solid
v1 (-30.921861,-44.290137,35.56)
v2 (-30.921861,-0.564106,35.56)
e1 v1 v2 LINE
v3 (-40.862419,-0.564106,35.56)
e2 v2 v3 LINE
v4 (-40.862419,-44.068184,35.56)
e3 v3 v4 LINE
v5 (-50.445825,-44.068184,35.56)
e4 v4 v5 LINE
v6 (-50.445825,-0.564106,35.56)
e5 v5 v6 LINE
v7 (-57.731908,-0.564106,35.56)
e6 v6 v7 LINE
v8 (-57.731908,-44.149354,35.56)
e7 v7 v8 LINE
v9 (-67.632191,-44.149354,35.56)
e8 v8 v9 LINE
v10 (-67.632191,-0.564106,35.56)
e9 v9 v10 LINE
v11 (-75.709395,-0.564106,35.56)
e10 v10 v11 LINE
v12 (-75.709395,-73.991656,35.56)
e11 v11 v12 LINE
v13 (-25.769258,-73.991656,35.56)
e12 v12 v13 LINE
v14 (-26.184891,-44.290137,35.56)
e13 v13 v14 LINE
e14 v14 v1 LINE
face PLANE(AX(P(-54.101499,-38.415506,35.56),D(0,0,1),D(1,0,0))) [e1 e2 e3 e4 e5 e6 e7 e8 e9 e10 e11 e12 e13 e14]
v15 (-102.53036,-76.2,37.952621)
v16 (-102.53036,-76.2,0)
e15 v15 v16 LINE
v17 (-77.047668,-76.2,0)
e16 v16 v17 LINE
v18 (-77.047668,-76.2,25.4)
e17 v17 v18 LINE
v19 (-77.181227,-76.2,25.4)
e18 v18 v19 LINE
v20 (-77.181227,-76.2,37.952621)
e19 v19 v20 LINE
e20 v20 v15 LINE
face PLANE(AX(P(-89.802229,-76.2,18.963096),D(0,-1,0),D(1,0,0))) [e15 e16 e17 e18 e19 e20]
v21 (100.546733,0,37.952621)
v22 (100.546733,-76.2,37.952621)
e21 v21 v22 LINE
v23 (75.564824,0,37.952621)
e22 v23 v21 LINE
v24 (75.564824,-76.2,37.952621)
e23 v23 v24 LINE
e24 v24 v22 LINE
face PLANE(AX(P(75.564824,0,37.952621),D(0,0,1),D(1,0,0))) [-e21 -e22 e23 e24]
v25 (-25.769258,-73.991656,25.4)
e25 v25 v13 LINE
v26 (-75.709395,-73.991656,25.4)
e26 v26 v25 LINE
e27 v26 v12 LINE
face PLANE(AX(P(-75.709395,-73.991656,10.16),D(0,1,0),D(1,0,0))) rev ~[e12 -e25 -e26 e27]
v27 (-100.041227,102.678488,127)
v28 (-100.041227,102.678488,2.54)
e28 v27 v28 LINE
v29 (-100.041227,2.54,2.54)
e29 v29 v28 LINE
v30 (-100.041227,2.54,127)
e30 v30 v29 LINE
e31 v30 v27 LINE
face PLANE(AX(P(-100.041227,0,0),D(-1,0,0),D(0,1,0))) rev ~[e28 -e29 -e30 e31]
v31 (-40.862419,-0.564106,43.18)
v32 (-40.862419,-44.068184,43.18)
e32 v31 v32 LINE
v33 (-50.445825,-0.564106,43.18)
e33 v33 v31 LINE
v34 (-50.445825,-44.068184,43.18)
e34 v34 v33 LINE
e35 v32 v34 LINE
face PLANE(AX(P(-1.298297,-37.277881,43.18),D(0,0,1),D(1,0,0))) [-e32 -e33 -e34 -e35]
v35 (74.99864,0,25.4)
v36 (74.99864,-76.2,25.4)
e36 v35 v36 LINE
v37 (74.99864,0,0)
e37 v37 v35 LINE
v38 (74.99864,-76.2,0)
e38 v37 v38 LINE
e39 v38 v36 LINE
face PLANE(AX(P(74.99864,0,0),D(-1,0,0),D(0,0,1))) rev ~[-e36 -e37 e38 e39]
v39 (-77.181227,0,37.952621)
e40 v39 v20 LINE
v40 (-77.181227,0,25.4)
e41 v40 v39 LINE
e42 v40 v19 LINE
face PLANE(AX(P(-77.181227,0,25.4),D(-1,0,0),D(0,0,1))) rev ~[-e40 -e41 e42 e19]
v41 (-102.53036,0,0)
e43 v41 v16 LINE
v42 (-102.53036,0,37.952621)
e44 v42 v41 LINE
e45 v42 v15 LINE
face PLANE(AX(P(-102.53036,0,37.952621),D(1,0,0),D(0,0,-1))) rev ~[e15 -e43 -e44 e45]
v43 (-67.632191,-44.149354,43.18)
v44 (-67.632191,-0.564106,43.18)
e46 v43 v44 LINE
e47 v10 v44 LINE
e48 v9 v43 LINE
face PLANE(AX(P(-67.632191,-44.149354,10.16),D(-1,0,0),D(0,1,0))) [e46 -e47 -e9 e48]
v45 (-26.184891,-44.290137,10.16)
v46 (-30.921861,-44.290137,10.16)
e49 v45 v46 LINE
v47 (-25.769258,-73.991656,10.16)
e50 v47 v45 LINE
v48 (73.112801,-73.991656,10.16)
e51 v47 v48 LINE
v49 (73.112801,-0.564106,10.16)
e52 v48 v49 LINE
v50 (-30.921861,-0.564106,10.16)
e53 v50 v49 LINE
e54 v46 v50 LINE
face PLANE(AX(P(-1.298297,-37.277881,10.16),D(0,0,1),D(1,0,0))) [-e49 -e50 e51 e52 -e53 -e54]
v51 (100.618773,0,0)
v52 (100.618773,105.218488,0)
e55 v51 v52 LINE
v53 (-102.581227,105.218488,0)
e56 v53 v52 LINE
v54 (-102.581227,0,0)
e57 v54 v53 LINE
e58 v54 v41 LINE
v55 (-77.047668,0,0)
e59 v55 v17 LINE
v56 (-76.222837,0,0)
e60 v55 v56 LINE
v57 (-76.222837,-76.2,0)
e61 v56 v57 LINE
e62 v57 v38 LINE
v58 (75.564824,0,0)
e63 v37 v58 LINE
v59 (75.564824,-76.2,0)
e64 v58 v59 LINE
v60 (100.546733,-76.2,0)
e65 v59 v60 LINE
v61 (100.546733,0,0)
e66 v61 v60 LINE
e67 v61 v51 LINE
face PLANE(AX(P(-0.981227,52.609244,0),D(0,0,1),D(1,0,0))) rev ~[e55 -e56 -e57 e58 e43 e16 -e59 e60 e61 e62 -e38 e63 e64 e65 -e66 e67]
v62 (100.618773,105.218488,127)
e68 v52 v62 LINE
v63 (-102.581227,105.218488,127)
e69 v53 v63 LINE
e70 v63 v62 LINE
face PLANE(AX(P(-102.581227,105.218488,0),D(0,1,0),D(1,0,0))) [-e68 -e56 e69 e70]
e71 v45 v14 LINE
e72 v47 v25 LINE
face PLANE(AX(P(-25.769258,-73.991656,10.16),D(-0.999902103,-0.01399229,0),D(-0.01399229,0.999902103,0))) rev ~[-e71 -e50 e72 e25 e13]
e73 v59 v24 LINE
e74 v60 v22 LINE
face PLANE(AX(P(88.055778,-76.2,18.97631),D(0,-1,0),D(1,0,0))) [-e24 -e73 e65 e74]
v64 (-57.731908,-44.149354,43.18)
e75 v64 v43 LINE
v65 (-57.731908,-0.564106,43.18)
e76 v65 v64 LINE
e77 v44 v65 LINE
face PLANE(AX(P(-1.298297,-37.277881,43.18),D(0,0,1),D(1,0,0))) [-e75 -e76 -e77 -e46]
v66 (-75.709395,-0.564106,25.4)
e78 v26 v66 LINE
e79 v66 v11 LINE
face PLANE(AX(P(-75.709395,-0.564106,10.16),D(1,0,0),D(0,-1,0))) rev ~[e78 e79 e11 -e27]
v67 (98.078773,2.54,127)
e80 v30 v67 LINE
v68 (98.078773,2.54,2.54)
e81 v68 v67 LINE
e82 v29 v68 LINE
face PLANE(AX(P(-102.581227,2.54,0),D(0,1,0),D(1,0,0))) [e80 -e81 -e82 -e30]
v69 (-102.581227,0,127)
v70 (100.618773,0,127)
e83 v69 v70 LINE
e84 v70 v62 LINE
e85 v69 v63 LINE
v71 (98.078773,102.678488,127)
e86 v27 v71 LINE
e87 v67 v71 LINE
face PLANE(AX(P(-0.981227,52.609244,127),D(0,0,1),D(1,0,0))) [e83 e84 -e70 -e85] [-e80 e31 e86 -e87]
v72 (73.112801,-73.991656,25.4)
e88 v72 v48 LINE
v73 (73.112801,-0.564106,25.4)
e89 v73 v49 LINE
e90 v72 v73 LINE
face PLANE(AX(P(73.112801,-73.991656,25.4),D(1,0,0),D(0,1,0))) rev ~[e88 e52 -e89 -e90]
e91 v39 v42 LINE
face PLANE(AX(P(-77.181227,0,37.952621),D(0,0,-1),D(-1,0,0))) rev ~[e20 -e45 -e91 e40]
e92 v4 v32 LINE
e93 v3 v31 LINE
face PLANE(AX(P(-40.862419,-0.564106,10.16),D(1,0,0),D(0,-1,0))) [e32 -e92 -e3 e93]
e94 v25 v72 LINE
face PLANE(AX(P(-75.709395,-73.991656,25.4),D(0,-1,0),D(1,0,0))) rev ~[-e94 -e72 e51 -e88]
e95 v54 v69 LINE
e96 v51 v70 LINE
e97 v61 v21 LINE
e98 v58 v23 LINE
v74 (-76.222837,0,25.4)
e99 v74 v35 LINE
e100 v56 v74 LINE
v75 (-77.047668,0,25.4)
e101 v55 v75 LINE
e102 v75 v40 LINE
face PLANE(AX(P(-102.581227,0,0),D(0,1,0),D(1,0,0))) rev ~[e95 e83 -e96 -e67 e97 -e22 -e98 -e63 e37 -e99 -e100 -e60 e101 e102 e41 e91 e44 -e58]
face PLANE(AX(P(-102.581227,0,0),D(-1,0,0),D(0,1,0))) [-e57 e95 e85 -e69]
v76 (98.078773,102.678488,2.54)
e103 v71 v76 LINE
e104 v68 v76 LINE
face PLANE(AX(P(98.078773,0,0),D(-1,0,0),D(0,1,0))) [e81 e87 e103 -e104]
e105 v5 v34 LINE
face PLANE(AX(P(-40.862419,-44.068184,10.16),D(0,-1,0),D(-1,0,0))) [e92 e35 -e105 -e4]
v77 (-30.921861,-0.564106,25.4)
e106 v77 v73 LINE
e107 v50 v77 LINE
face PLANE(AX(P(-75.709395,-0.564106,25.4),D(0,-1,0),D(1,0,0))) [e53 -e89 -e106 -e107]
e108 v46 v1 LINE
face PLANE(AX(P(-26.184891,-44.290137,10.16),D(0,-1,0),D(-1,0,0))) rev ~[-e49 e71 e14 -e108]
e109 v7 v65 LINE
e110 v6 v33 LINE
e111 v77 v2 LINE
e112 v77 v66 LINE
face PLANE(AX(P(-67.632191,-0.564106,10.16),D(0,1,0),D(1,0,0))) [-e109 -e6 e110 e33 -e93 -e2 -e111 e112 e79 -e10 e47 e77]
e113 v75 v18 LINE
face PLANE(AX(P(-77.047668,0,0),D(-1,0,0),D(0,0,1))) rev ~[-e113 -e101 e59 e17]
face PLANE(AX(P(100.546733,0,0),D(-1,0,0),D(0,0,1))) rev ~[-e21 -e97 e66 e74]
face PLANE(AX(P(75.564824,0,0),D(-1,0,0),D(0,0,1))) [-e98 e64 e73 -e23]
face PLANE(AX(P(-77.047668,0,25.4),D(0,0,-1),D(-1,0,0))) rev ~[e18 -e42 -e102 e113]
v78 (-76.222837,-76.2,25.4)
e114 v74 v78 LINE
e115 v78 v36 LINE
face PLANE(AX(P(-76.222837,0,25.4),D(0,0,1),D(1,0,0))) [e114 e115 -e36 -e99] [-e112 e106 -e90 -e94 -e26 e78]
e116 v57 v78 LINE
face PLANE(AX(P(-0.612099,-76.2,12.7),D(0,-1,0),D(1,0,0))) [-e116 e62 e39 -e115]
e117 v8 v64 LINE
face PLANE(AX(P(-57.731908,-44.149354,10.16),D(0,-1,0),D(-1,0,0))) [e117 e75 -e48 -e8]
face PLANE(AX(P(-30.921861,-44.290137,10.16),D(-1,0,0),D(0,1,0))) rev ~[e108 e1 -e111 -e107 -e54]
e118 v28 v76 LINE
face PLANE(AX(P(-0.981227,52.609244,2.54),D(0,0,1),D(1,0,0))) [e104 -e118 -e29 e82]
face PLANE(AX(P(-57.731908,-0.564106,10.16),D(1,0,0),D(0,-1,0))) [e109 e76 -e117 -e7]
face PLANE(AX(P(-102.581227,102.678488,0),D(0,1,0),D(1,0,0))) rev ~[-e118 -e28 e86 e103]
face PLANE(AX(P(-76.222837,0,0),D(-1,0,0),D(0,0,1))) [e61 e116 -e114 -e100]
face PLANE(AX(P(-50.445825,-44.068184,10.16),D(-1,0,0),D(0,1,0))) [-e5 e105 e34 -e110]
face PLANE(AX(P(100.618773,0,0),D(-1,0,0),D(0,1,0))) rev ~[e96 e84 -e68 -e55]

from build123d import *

# Parameters (mm, degrees)
F0_W      = 203.2
F0_H      = 105.2184881944
F1_DEPTH  = 127
F2_T      = -2.54
F4_W      = 24.9819085002
F4_H      = 37.9526205361
F4_W_2    = 151.2214764953
F4_H_2    = 25.4
F5_DEPTH  = 76.2
F6_W      = 148.822195828
F6_H      = 73.4275504947
F7_DEPTH  = 15.24
F9_DEPTH  = 25.4
F10_DEPTH = 33.02


with BuildPart() as f1:
    # F0 (on Top) → F1 (new body)
    with BuildSketch(Plane.XY):
        with Locations((-0.9812270495, 52.6092440972)):
            Rectangle(F0_W, F0_H)
    extrude(amount=F1_DEPTH)

    # F2
    f2_openings = [f1.faces().sort_by_distance(p)[0] for p in [
        (-0.981227, 52.609244, 127),
    ]]
    offset(amount=F2_T, openings=f2_openings)

    # F4 (on face) → F5 (join)
    with BuildSketch(Plane.XZ):
        Polygon((-77.0476683974, 0), (-77.0476683974, 25.4), (-77.1812270495, 25.4), (-77.1812270495, 37.9526205361), (-102.5303602219, 37.9526205361), (-102.5303602219, 0), align=None)
        with Locations((88.0557782948, 18.976310268)):
            Rectangle(F4_W, F4_H)
        with Locations((-0.6120987236, 12.7)):
            Rectangle(F4_W_2, F4_H_2)
    extrude(amount=F5_DEPTH)

    # F6 (on face) → F7 (cut)
    with BuildSketch(Plane.XY.offset(25.4)):
        with Locations((-1.2982971966, -37.2778810561)):
            Rectangle(F6_W, F6_H)
    extrude(amount=-F7_DEPTH, mode=Mode.SUBTRACT)

    # F8 (on face) → F9 (join)
    with BuildSketch(Plane.XY.offset(10.16)):
        Polygon((-50.4458248615, -0.5641058087), (-57.7319078147, -0.5641058087), (-57.7319078147, -44.1493541002), (-59.9848367274, -44.1493541002), (-59.9848367274, -73.9916563034), (-48.2489354908, -73.9916563034), (-48.2489354908, -44.0681837499), (-50.4458248615, -44.0681837499), align=None)
        Polygon((-67.6321908832, -44.1493541002), (-67.6321908832, -0.5641058087), (-75.7093951106, -0.5641058087), (-75.7093951106, -73.9916563034), (-59.9848367274, -73.9916563034), (-59.9848367274, -44.1493541002), align=None)
        Polygon((-30.921860598, -0.5641058087), (-36.0744632781, -0.5641058087), (-36.0744632781, -73.9916563034), (-25.769257918, -73.9916563034), (-26.1848908849, -44.2901365459), (-30.921860598, -44.2901365459), align=None)
        Polygon((-36.0744632781, -0.5641058087), (-40.8624187112, -0.5641058087), (-40.8624187112, -44.0681837499), (-48.2489354908, -44.0681837499), (-48.2489354908, -73.9916563034), (-36.0744632781, -73.9916563034), align=None)
    extrude(amount=F9_DEPTH)

    # F10 (add): faces of the model
    f10_faces = [f1.faces().sort_by_distance(p)[0] for p in [
        (-62.682049349, -22.3567299545, 10.16),
        (-45.6541217864, -22.3161447793, 10.16),
    ]]
    extrude(f10_faces, amount=F10_DEPTH)


solid = f1.part
